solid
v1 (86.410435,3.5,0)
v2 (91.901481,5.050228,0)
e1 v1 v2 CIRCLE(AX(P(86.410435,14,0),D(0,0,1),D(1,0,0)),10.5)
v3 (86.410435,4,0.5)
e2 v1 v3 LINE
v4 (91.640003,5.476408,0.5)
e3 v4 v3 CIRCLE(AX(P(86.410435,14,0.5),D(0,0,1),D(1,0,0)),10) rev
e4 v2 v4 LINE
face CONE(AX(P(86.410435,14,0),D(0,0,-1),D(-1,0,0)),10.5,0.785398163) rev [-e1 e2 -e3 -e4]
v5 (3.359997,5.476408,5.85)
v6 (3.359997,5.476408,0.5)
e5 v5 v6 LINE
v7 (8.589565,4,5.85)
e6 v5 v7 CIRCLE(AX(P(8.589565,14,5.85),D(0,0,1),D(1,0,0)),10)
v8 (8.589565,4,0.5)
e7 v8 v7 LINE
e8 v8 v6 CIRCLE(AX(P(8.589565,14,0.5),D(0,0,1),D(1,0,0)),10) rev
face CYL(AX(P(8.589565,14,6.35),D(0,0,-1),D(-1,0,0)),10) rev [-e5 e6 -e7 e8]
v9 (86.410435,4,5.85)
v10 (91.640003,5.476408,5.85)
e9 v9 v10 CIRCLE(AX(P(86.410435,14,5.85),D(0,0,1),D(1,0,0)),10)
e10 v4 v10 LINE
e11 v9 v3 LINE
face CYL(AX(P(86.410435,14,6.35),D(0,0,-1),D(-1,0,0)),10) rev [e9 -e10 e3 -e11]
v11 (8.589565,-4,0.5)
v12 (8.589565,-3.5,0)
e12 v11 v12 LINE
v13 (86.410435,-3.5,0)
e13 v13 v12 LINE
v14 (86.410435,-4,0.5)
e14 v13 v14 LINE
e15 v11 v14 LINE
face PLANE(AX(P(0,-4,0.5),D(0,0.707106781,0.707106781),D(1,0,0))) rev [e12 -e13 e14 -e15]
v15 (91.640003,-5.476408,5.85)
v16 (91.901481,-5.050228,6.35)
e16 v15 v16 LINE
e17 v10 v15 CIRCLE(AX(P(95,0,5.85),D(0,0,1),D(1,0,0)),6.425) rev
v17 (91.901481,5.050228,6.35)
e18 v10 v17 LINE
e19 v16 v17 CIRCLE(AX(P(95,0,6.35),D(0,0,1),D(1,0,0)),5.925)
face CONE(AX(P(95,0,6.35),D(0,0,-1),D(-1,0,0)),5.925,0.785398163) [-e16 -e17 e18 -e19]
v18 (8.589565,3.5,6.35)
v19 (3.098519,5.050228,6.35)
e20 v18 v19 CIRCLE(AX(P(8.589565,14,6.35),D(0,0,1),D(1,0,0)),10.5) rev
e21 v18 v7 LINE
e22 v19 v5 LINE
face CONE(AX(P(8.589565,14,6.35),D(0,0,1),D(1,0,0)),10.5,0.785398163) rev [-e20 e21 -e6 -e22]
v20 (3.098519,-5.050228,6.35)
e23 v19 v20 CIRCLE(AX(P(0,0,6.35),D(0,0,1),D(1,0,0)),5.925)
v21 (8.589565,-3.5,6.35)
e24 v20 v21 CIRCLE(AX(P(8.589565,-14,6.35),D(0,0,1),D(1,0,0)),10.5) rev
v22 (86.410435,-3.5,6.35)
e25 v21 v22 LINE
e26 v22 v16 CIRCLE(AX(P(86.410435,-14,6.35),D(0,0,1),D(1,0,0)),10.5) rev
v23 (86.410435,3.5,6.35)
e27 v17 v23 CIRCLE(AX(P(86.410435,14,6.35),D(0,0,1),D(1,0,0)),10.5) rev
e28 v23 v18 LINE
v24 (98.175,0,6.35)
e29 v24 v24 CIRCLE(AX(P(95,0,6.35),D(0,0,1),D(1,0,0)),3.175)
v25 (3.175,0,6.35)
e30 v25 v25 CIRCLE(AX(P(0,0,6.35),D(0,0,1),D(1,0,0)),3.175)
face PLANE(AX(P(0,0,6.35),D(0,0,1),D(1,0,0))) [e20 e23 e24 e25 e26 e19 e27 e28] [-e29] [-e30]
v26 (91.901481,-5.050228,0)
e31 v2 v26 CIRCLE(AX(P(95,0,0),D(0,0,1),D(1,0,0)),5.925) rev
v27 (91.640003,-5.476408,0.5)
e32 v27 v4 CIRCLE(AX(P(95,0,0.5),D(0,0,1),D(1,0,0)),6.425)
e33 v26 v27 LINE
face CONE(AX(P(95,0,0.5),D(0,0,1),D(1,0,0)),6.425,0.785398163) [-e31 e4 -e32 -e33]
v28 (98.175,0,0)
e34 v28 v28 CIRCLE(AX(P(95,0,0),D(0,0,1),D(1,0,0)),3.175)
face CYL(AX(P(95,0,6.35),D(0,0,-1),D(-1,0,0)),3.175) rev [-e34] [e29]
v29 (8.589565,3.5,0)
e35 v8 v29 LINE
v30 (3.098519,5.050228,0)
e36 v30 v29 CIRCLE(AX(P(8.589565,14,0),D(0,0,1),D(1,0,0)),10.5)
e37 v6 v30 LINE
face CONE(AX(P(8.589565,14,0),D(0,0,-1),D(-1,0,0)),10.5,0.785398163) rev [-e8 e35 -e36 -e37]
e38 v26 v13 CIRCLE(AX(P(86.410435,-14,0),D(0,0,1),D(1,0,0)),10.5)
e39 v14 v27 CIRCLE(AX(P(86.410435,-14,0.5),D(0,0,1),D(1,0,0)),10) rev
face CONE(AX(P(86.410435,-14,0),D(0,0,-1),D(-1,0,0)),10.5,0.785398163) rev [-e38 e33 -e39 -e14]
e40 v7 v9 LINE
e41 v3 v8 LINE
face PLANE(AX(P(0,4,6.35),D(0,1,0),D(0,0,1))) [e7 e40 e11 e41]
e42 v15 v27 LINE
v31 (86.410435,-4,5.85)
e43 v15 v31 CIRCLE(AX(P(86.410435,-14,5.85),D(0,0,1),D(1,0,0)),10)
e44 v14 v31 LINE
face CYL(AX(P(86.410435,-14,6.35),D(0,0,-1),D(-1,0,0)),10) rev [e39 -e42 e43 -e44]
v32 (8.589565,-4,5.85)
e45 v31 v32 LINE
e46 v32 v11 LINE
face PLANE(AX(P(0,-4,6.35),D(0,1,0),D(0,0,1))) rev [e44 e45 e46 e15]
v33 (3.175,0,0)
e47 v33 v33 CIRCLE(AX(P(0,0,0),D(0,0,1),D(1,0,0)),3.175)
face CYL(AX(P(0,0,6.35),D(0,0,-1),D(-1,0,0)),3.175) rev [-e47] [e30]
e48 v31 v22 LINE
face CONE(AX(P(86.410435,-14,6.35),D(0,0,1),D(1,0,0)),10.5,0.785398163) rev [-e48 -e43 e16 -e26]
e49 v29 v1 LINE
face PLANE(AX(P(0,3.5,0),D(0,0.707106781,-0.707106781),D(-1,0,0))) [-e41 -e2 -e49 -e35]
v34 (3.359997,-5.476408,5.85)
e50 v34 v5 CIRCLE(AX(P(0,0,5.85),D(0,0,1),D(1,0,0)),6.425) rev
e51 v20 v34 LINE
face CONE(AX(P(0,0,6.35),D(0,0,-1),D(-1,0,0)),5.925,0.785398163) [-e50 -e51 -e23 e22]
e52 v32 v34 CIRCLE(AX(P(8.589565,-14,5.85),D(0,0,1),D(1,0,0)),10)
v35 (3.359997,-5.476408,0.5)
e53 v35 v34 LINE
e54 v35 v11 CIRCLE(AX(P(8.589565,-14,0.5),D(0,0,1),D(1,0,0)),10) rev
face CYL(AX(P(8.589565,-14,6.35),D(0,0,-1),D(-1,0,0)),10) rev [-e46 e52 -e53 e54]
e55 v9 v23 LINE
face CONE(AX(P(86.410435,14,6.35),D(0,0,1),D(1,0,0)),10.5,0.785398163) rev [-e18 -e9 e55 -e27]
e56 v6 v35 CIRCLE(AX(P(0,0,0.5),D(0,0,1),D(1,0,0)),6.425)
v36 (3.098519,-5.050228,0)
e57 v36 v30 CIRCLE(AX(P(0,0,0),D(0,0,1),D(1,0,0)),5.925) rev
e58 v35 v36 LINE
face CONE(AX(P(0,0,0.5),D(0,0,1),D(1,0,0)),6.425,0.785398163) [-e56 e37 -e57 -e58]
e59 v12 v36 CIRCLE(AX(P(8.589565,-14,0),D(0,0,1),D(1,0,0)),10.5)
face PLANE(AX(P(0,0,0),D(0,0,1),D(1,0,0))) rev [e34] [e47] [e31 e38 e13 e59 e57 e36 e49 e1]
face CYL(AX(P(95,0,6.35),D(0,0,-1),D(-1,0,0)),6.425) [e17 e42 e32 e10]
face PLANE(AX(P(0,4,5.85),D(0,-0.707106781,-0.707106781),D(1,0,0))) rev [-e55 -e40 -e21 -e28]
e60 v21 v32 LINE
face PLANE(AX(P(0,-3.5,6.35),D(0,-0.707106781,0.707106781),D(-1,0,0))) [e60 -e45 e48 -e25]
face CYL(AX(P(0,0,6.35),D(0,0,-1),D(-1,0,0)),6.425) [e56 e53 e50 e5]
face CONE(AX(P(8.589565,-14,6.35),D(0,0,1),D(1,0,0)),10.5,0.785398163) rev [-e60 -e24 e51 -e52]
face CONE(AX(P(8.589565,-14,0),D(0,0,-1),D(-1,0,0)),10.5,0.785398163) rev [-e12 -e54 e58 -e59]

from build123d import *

# Parameters (mm, degrees)
SKETCH2_R           = 3.175
BOSS_EXTRUDE1_DEPTH = 6.35
FILLET1_R           = 10
CHAMFER1_SIZE       = 0.5


with BuildPart() as part:
    # Sketch2 → Boss-Extrude1 (new body)
    # profile 1 of 5: a face of its own
    with BuildSketch(Plane.XY):
        with BuildLine():
            Line((89.972015811, 4), (5.027984189, 4))
            ThreePointArc((5.027984189, 4), (6.065699606, 2.118469564), (6.425, 0))
            ThreePointArc((6.425, 0), (6.065699606, -2.118469564), (5.027984189, -4))
            Line((5.027984189, -4), (89.972015811, -4))
            ThreePointArc((89.972015811, -4), (88.575, 0), (89.972015811, 4))
        make_face()
    # profile 2 of 5: a face of its own
    with BuildSketch(Plane.XY):
        with BuildLine():
            Line((95, 4), (89.972015811, 4))
            ThreePointArc((89.972015811, 4), (88.575, 0), (89.972015811, -4))
            Line((89.972015811, -4), (95, -4))
            ThreePointArc((95, -4), (99, 0), (95, 4))
        make_face()
        with Locations((95, 0)):
            Circle(SKETCH2_R, mode=Mode.SUBTRACT)
    # profile 3 of 5: a face of its own
    with BuildSketch(Plane.XY):
        with BuildLine():
            ThreePointArc((101.425, 0), (97.118469564, 6.065699606), (89.972015811, 4))
            Line((89.972015811, 4), (95, 4))
            ThreePointArc((95, 4), (99, 0), (95, -4))
            Line((95, -4), (89.972015811, -4))
            ThreePointArc((89.972015811, -4), (97.118469564, -6.065699606), (101.425, 0))
        make_face()
    # profile 4 of 5: a face of its own
    with BuildSketch(Plane.XY):
        with BuildLine():
            Line((5.027984189, 4), (0, 4))
            ThreePointArc((0, 4), (-4, 0), (0, -4))
            Line((0, -4), (5.027984189, -4))
            ThreePointArc((5.027984189, -4), (6.065699606, -2.118469564), (6.425, 0))
            ThreePointArc((6.425, 0), (6.065699606, 2.118469564), (5.027984189, 4))
        make_face()
        Circle(SKETCH2_R, mode=Mode.SUBTRACT)
    # profile 5 of 5: a face of its own
    with BuildSketch(Plane.XY):
        with BuildLine():
            ThreePointArc((0, -4), (-4, 0), (0, 4))
            Line((0, 4), (5.027984189, 4))
            ThreePointArc((5.027984189, 4), (-6.425, 0), (5.027984189, -4))
            Line((5.027984189, -4), (0, -4))
        make_face()
    extrude(amount=BOSS_EXTRUDE1_DEPTH)

    # Fillet1
    fillet1_edges = [part.edges().sort_by_distance(p)[0] for p in [
        (89.972015811, 4, 3.175),
        (89.972015811, -4, 3.175),
        (5.027984189, -4, 3.175),
        (5.027984189, 4, 3.175),
    ]]
    fillet(fillet1_edges, radius=FILLET1_R)

    # Chamfer1
    chamfer1_edges = [part.edges().sort_by_distance(p)[0] for p in [
        (47.5, 4, 0),
        (47.5, 4, 6.35),
        (101.425, 0, 0),
        (101.425, 0, 6.35),
        (47.5, -4, 0),
        (47.5, -4, 6.35),
        (-6.425, 0, 0),
        (-6.425, 0, 6.35),
        (89.127426014, 4.376177452, 0),
        (89.127426014, 4.376177452, 6.35),
        (89.127426014, -4.376177452, 0),
        (89.127426014, -4.376177452, 6.35),
        (5.872573986, -4.376177452, 0),
        (5.872573986, -4.376177452, 6.35),
        (5.872573986, 4.376177452, 0),
        (5.872573986, 4.376177452, 6.35),
    ]]
    chamfer(chamfer1_edges, length=CHAMFER1_SIZE)


solid = part.part
